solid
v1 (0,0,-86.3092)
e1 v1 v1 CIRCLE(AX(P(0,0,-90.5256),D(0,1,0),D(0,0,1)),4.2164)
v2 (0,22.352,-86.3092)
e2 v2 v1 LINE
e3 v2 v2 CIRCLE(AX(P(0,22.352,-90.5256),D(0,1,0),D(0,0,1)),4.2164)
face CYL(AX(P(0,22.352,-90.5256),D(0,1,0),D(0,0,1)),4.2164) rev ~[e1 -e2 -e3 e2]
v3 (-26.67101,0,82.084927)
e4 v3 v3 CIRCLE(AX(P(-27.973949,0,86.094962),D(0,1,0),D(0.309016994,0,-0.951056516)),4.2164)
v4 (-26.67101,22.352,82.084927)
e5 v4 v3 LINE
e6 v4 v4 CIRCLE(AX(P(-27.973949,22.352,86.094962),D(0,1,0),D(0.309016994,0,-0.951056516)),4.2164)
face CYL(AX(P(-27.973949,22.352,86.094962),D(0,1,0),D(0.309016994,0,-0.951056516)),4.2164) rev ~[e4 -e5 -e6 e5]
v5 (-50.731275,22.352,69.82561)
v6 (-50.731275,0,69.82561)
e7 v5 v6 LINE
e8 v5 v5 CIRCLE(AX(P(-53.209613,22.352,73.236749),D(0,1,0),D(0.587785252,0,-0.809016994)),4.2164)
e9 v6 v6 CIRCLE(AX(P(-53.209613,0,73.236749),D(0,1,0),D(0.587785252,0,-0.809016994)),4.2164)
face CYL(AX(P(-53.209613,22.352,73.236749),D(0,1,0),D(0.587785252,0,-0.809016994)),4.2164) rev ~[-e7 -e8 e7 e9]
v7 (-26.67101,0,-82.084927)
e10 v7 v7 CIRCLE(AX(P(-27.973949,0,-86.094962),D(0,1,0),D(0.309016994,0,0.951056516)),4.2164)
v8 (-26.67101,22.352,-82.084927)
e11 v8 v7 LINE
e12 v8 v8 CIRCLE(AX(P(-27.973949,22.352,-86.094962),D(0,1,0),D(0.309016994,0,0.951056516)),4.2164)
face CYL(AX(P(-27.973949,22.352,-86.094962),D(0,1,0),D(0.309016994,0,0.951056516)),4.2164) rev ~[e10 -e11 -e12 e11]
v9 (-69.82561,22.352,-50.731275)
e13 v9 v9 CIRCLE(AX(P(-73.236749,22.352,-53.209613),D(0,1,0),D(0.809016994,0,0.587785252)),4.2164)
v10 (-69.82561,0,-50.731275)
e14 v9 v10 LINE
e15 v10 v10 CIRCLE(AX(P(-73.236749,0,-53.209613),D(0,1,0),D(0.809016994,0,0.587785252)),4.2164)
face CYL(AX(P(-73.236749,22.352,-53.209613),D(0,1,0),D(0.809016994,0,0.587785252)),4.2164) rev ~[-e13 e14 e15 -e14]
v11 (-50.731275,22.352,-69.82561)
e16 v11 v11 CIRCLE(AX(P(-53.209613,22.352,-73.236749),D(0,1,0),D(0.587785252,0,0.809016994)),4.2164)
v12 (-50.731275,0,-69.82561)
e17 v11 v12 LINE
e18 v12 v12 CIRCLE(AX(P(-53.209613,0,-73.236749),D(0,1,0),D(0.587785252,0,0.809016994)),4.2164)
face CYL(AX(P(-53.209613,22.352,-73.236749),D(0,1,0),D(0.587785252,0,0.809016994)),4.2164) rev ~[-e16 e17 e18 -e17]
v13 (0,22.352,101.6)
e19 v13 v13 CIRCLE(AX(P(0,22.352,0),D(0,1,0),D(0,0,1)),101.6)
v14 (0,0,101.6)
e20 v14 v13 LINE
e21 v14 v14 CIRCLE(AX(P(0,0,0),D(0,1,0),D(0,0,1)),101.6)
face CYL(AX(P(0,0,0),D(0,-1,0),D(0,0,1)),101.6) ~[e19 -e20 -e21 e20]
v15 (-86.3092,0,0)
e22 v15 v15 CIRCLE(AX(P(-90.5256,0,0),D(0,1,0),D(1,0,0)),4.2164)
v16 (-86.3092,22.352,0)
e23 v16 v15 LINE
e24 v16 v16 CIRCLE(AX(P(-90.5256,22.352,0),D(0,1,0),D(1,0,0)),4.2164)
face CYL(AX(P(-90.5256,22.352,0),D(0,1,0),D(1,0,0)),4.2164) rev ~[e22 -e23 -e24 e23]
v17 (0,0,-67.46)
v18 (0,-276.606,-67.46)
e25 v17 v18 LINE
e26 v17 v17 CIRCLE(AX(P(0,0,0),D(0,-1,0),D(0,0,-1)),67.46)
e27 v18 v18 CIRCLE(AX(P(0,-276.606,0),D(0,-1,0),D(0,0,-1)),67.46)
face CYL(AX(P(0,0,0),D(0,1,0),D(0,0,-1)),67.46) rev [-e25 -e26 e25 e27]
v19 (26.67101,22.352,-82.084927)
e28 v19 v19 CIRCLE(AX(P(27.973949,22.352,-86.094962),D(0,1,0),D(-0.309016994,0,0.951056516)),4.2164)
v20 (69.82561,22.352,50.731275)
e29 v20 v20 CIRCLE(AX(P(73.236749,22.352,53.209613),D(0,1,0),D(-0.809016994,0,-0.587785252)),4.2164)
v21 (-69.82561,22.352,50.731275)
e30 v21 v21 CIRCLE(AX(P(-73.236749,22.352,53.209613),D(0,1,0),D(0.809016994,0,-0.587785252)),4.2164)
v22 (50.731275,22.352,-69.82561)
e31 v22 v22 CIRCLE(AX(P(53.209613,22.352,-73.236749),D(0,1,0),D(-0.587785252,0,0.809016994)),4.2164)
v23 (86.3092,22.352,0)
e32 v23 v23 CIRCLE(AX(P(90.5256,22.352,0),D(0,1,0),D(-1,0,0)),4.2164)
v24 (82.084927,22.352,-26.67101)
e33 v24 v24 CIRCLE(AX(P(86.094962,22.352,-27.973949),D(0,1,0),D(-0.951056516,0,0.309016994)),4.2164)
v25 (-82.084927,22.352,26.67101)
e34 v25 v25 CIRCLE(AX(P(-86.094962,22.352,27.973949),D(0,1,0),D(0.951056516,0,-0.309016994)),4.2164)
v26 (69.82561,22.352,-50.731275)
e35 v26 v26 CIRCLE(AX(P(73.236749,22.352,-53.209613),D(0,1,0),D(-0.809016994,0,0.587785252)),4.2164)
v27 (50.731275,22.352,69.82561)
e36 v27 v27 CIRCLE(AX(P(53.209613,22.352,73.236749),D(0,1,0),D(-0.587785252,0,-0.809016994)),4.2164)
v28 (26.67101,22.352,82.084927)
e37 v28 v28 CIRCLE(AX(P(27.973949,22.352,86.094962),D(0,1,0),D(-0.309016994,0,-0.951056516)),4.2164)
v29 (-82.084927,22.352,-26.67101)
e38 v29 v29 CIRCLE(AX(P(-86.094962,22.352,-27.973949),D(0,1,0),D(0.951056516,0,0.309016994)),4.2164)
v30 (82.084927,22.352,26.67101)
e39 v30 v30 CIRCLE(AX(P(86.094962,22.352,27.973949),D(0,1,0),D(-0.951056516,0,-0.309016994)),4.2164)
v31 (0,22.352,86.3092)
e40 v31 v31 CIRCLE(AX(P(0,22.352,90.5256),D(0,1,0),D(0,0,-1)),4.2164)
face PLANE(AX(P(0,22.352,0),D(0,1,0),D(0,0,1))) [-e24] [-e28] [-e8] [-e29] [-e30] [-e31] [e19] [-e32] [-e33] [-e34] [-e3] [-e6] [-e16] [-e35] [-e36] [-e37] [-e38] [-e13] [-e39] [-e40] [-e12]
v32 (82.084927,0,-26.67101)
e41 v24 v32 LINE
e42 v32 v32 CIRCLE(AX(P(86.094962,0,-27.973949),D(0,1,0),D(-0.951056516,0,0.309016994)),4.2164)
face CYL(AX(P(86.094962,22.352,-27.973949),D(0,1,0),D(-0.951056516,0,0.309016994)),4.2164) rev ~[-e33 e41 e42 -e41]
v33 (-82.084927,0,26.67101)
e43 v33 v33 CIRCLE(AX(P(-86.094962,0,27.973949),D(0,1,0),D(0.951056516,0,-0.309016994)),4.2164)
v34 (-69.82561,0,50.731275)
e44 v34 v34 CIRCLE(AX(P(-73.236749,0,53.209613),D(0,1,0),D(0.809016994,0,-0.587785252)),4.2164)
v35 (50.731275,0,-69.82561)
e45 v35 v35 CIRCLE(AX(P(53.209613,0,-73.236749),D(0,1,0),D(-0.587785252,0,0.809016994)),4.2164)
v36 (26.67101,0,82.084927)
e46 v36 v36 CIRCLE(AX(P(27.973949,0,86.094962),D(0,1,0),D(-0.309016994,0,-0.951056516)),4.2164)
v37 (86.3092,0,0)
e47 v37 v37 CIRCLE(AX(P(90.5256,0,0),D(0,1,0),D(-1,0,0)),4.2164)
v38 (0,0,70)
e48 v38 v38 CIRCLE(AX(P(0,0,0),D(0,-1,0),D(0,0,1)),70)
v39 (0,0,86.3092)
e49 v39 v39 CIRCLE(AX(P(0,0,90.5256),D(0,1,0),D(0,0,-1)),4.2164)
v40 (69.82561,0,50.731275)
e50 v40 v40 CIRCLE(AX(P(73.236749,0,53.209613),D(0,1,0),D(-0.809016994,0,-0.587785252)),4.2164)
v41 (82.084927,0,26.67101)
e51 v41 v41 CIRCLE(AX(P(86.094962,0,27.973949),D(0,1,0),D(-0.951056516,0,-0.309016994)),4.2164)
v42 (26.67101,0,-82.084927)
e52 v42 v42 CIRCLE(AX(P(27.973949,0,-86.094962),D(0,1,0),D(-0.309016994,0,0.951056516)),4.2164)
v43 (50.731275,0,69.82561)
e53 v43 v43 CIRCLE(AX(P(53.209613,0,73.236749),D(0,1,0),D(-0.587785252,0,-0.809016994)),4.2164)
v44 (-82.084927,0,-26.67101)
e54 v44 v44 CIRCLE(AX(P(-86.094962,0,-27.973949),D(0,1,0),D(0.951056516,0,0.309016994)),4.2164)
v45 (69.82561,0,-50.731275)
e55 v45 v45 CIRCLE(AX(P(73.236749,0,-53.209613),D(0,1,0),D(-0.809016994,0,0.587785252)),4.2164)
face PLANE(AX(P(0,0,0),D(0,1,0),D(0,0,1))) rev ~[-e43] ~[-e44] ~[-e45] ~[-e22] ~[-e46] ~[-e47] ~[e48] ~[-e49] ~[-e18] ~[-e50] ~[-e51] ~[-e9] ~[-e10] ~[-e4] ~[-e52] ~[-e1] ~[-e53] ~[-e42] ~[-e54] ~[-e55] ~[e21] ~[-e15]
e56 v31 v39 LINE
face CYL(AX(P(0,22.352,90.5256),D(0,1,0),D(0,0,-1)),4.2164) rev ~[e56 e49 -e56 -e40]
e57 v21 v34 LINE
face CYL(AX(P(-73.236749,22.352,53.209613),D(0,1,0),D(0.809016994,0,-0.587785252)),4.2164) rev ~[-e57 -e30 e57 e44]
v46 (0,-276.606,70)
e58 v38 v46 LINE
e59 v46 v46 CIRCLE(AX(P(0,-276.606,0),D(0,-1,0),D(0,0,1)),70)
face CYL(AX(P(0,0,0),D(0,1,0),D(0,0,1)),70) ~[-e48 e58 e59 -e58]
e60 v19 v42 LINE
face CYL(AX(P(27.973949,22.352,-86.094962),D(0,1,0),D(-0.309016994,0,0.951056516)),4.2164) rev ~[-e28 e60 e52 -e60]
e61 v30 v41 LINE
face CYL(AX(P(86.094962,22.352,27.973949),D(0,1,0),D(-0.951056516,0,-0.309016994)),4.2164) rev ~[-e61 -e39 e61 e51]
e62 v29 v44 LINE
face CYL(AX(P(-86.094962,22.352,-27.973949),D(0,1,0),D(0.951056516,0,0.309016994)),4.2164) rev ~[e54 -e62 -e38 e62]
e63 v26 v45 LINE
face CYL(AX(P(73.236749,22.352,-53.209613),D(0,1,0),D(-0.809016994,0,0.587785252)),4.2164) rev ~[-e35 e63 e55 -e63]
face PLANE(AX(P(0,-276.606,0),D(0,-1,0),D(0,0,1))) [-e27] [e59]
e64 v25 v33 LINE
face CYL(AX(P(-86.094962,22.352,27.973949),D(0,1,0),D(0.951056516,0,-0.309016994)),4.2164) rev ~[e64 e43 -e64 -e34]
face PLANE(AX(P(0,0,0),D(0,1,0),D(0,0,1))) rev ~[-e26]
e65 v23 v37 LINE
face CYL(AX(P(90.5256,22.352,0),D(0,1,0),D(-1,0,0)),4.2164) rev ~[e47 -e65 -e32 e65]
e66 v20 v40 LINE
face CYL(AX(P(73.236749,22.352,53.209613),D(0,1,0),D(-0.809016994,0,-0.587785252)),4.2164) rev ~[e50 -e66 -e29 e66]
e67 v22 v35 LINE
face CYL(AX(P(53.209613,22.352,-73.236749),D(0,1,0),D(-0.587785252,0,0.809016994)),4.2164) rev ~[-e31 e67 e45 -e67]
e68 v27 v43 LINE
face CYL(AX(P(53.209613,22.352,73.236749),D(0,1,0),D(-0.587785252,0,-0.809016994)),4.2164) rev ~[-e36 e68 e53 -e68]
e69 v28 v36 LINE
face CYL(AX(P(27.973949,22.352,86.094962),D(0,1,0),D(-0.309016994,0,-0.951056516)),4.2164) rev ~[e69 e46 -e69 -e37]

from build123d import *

# Parameters (mm, degrees)
SKETCH1_R         = 101.6
EXTRUDE1_DEPTH    = 22.352
SKETCH5_R         = 70
SKETCH5_R_2       = 67.46
EXTRUDE2_DEPTH    = 276.606
SKETCH6_R         = 4.2164
EXTRUDE3_DEPTH    = 332.694144905
CIRPATTERN1_COUNT = 20


with BuildPart() as part:
    # Sketch1 → Extrude1 (new body)
    with BuildSketch(Plane(origin=(0, 0, 0), x_dir=(1, 0, 0), z_dir=(0, 1, 0))):
        with Locations(Location((0, 0, 0), (0, 0, 270))):
            Circle(SKETCH1_R)
    extrude(amount=EXTRUDE1_DEPTH)

    # Sketch5 → Extrude2 (add)
    with BuildSketch(Plane.XZ):
        with Locations(Location((0, 0, 0), (0, 0, 90))):
            Circle(SKETCH5_R)
        with Locations(Location((0, 0, 0), (0, 0, 270))):
            Circle(SKETCH5_R_2, mode=Mode.SUBTRACT)
    extrude(amount=EXTRUDE2_DEPTH)

    # Sketch6 → Extrude3 (cut, through all)
    with BuildSketch(Plane(origin=(0, 22.352, 0), x_dir=(1, 0, 0), z_dir=(0, 1, 0))):
        with Locations(Location((0, 90.5256, 0), (0, 0, 270))):
            Circle(SKETCH6_R)
    extrude3 = extrude(amount=-EXTRUDE3_DEPTH, mode=Mode.SUBTRACT)

    # CirPattern1: Extrude3 ×20 about axis
    cirpattern1_axis = Axis((0, 0, 0), (0, 1, 0))
    for i in range(1, CIRPATTERN1_COUNT):
        add(extrude3.rotate(cirpattern1_axis, i * 360 / CIRPATTERN1_COUNT), mode=Mode.SUBTRACT)


solid = part.part
